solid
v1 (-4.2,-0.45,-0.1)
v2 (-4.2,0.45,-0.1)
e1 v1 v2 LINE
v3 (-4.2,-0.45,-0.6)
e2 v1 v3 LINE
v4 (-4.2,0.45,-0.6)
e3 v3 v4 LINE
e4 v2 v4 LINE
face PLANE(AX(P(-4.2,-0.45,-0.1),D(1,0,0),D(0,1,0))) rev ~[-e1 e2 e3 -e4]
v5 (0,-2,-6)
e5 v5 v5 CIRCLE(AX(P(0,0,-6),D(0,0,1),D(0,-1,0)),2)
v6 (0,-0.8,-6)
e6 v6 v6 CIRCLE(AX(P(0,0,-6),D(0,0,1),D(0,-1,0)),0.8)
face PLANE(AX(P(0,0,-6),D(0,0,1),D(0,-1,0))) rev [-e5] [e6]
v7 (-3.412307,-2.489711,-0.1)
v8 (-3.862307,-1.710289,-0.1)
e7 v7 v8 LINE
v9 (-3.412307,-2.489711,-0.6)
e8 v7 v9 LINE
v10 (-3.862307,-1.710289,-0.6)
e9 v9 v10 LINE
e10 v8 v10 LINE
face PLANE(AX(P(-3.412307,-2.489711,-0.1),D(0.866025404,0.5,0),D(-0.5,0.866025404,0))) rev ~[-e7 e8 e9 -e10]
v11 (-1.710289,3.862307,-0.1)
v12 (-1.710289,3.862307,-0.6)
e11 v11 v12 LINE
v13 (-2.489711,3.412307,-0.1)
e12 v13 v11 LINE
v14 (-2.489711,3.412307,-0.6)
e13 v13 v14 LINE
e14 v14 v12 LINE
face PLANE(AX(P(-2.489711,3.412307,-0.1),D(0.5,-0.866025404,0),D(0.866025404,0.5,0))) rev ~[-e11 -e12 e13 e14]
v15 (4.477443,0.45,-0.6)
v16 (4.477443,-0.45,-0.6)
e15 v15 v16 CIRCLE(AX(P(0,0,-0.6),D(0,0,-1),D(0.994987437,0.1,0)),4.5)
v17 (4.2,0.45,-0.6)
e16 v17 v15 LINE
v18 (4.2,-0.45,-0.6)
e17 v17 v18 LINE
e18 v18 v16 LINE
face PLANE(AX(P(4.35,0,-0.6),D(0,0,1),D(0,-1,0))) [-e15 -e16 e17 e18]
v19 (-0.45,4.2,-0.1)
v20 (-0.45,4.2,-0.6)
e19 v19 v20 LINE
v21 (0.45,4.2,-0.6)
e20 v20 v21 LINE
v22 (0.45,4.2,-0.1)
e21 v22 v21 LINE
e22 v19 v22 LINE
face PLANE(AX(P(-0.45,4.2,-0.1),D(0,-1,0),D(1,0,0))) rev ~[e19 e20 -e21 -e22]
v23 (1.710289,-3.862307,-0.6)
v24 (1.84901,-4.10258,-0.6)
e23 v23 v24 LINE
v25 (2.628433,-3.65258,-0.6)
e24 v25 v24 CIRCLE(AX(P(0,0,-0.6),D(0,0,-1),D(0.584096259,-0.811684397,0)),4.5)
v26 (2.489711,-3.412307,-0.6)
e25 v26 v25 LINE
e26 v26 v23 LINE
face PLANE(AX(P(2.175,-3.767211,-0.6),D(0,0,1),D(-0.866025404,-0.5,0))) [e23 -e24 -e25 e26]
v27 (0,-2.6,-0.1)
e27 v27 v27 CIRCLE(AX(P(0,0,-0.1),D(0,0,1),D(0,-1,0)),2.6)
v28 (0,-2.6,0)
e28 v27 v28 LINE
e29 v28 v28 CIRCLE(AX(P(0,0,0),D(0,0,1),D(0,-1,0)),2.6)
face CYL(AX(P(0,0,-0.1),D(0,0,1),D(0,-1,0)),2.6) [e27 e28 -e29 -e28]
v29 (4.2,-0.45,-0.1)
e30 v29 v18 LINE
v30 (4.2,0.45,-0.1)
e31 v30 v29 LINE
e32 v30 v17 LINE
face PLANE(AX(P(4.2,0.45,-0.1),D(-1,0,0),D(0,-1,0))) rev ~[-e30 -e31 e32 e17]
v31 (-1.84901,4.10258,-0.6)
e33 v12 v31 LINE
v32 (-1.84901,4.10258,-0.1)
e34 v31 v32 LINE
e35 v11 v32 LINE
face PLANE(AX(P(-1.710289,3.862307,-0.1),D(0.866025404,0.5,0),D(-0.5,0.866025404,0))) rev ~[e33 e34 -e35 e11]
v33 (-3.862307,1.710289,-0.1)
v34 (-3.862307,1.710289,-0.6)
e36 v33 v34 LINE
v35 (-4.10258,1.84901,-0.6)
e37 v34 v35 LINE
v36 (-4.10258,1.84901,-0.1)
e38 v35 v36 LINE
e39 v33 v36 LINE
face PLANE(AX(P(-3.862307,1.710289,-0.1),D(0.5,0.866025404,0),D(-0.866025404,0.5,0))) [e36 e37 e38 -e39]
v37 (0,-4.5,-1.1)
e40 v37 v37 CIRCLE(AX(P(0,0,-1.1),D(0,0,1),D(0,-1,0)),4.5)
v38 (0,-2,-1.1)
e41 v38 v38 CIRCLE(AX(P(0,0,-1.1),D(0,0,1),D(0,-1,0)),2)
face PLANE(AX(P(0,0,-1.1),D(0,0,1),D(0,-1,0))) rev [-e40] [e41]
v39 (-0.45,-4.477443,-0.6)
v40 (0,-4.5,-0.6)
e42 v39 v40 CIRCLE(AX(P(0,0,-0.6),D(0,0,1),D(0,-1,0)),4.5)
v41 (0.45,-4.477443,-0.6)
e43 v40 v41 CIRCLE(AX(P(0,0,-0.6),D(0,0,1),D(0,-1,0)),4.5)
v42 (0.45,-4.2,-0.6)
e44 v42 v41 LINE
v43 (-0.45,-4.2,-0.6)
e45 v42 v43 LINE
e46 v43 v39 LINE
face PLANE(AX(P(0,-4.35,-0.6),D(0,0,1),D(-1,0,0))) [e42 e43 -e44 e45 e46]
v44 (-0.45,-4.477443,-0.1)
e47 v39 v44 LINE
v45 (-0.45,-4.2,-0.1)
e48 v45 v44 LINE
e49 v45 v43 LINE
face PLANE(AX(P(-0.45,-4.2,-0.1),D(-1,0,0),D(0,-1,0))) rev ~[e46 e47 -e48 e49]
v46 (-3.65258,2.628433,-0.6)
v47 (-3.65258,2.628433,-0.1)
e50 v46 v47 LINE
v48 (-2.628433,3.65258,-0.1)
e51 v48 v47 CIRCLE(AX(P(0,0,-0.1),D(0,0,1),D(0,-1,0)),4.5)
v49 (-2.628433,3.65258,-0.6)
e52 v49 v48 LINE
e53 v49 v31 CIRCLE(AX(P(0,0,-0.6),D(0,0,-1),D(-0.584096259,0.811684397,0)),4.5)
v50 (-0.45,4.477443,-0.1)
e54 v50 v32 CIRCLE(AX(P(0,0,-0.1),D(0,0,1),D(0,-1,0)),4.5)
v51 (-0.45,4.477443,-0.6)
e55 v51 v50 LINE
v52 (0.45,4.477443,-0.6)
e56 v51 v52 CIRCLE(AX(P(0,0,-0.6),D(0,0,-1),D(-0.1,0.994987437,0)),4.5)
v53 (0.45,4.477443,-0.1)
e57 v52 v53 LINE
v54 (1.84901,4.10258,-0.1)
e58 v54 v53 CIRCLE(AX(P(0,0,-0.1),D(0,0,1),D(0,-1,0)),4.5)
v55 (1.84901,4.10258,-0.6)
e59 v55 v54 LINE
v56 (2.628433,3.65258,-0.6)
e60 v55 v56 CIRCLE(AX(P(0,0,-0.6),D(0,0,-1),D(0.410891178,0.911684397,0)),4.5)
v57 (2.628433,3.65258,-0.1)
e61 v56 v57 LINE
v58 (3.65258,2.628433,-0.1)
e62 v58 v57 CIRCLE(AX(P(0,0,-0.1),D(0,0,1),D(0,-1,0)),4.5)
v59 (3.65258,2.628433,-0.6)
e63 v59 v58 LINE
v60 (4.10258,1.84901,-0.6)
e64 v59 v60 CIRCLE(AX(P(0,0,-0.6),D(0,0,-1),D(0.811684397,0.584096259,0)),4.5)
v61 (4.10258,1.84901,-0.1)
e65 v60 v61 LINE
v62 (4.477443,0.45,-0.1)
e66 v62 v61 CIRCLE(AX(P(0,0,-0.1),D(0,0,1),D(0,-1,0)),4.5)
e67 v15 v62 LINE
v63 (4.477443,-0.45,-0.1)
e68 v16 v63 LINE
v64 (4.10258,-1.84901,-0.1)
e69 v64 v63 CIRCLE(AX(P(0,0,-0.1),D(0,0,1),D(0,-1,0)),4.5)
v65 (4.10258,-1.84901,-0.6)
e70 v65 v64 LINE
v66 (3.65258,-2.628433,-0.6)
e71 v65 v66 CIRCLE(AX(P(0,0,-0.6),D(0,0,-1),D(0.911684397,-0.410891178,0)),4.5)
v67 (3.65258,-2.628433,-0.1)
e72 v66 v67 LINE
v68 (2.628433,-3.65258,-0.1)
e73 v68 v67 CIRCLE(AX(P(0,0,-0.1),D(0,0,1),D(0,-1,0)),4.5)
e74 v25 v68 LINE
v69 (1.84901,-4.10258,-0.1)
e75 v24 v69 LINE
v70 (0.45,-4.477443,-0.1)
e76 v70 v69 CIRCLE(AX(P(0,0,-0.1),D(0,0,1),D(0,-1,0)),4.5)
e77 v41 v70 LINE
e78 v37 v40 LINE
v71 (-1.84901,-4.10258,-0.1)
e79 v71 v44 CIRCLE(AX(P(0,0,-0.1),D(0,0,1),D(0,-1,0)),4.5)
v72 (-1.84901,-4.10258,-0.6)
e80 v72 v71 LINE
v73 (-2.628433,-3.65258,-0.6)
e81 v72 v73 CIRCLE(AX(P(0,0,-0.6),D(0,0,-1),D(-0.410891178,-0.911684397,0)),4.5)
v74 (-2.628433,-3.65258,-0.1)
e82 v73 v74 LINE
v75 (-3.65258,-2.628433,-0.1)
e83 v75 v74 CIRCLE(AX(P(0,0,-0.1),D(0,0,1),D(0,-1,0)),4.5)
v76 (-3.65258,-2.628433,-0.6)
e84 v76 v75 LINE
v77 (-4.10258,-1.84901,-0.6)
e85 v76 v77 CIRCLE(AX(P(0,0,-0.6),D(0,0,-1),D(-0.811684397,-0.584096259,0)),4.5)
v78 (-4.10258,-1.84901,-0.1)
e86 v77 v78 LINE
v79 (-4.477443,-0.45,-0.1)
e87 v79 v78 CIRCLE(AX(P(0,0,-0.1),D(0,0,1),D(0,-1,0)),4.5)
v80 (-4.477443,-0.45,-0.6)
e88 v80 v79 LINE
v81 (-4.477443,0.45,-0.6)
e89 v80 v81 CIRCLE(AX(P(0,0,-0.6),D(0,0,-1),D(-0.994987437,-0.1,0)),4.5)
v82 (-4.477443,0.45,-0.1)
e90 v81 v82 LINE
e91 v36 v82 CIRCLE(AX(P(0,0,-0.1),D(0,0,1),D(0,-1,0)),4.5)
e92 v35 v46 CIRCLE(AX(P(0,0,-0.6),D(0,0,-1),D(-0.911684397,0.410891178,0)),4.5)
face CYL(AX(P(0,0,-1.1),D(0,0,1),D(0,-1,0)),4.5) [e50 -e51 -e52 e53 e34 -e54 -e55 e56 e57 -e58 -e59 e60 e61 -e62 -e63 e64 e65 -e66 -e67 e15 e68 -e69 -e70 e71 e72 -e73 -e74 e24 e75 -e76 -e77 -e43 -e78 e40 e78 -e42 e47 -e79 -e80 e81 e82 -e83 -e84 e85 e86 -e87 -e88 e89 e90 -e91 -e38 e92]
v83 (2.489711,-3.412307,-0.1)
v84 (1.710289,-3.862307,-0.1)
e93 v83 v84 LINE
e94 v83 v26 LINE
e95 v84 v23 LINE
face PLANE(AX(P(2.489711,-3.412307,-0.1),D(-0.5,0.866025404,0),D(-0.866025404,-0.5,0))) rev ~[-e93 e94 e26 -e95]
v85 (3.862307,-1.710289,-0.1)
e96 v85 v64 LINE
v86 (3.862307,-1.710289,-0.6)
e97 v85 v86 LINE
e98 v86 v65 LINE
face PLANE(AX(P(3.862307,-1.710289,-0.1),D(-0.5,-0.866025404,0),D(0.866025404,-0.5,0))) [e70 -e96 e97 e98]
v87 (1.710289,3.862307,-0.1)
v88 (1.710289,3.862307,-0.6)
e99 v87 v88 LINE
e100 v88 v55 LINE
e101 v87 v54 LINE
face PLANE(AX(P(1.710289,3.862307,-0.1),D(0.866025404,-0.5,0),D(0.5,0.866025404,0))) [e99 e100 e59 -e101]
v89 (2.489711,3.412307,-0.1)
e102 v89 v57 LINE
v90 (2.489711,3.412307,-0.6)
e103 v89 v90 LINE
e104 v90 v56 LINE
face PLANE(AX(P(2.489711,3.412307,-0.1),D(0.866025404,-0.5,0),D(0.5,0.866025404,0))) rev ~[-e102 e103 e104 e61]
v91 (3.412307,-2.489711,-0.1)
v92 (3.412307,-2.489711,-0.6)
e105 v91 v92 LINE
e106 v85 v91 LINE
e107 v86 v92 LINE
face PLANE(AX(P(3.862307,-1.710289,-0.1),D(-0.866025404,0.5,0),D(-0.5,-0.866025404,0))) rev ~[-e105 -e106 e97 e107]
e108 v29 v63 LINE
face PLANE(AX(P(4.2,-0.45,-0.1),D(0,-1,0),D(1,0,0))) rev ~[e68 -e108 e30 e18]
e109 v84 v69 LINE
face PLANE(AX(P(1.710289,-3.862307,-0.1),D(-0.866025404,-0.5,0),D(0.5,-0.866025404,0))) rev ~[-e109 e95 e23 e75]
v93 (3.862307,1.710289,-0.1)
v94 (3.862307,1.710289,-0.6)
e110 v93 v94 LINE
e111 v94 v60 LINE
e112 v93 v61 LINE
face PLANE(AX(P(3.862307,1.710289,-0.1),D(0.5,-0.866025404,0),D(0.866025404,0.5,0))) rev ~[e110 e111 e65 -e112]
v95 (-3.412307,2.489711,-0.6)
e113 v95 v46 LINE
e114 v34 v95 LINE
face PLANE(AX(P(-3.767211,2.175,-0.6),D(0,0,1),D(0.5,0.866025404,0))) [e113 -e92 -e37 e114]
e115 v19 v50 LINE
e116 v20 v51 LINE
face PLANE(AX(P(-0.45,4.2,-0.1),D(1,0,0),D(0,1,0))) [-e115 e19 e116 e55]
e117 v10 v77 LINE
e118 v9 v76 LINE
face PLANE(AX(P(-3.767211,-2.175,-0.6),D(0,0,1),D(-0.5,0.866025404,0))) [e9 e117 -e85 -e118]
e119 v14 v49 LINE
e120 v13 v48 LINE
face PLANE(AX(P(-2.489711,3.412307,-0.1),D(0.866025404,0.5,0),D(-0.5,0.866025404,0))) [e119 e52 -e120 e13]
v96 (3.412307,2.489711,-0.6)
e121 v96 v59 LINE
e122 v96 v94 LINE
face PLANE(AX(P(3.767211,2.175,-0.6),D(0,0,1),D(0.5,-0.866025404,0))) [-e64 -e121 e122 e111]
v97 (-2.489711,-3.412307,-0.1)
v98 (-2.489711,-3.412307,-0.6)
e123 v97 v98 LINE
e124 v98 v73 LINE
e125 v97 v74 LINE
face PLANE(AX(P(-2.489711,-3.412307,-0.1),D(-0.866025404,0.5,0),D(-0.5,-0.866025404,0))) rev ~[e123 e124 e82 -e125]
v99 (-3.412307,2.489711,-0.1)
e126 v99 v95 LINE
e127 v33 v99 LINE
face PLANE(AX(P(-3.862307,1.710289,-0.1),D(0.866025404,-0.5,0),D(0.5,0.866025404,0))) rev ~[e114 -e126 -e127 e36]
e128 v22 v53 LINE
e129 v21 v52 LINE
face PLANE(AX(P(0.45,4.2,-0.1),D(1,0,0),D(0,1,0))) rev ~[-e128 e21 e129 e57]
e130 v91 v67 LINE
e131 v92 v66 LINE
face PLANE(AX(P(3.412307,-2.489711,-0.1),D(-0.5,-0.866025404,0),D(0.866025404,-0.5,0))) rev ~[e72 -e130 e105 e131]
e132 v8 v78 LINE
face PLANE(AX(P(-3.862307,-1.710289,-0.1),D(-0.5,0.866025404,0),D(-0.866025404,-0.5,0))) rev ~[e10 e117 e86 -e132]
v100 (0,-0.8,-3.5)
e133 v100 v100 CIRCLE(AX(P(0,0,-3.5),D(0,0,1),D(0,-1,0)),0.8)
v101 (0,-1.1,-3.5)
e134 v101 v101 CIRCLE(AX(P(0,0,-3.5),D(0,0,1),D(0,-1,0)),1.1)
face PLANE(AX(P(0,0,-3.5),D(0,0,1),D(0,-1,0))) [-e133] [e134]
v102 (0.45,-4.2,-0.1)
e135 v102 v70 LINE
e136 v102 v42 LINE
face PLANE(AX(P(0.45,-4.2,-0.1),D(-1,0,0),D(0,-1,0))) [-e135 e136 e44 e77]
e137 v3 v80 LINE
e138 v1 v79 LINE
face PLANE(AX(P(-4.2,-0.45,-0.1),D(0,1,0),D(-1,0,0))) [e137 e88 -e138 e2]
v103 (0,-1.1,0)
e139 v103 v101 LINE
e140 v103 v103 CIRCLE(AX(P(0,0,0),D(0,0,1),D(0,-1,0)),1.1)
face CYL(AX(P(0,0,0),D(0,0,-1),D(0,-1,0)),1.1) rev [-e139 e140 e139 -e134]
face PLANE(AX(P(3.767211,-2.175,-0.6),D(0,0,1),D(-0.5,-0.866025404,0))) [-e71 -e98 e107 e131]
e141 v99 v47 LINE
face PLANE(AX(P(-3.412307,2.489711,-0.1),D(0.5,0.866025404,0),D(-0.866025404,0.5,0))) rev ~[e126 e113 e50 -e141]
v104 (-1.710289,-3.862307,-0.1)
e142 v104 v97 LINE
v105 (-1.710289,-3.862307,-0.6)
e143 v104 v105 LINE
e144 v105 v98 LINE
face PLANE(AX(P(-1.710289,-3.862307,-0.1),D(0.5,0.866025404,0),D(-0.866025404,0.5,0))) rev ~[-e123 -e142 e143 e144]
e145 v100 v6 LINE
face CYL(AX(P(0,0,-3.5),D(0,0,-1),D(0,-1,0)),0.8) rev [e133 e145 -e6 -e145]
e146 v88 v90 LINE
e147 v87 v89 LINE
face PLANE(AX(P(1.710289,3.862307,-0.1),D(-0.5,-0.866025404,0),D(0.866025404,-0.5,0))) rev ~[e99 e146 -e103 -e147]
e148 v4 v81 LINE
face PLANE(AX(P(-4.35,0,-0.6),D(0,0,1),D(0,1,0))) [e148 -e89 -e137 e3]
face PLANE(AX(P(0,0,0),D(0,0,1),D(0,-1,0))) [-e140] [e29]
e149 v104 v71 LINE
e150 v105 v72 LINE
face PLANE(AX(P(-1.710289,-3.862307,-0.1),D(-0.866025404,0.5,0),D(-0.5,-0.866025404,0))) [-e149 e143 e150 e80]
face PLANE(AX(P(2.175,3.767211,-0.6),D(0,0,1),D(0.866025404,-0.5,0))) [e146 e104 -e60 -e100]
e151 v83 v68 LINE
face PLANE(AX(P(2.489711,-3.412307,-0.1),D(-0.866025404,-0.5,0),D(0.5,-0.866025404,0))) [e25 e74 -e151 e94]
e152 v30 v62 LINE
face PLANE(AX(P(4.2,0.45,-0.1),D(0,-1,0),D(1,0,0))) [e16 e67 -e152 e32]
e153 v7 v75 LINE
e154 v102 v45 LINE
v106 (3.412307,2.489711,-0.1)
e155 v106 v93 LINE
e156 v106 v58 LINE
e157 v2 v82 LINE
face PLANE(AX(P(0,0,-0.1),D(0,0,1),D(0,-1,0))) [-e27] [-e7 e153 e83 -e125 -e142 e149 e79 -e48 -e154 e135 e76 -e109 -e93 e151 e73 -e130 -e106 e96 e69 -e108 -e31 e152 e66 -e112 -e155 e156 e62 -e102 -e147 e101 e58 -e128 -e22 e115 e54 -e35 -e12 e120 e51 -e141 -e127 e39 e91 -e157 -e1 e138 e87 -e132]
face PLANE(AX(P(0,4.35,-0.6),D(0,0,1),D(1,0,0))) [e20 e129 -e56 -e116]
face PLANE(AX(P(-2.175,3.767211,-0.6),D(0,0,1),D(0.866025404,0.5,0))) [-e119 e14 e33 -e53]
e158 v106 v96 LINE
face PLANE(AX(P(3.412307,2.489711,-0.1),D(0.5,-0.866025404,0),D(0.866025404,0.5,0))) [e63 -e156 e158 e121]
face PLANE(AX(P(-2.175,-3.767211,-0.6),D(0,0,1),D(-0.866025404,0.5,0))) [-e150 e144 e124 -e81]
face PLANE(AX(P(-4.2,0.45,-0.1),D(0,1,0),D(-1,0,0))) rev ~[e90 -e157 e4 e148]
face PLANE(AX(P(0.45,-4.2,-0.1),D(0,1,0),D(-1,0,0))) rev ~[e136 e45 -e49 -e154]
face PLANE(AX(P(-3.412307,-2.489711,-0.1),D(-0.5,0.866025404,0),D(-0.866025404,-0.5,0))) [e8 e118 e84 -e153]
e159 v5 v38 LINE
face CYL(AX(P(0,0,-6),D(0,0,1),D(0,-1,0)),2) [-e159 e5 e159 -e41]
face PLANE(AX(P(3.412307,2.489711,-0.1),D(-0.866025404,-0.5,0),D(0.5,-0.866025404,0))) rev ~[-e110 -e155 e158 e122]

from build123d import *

# Parameters (mm, degrees)
SKETCH001_W        = 0.9
SKETCH001_H        = 0.3
POCKET_DEPTH       = 0.5
POLARPATTERN_COUNT = 12


with BuildPart() as part:
    # Sketch → Revolution (revolve)
    with BuildSketch(Plane.YZ):
        Polygon((-0.8, -6), (-2, -6), (-2, -1.1), (-4.5, -1.1), (-4.5, -0.1), (-2.6, -0.1), (-2.6, 0), (-1.1, 0), (-1.1, -3.5), (-0.8, -3.5), align=None)
    revolve(axis=Axis((0, 0, 0), (0, 0, 1)))

    # Sketch001 (on Face5 of Revolution) → Pocket (cut)
    with BuildSketch(Plane(origin=(0, 0, -0.1), x_dir=(0, -1, 0), z_dir=(0, 0, 1))):
        with Locations((0, 4.35)):
            Rectangle(SKETCH001_W, SKETCH001_H)
    pocket = extrude(amount=-POCKET_DEPTH, mode=Mode.SUBTRACT)

    # PolarPattern: Pocket ×12 about axis
    polarpattern_axis = Axis((0, 0, -0.1), (0, 0, 1))
    for i in range(1, POLARPATTERN_COUNT):
        add(pocket.rotate(polarpattern_axis, i * 360 / POLARPATTERN_COUNT), mode=Mode.SUBTRACT)


solid = part.part
